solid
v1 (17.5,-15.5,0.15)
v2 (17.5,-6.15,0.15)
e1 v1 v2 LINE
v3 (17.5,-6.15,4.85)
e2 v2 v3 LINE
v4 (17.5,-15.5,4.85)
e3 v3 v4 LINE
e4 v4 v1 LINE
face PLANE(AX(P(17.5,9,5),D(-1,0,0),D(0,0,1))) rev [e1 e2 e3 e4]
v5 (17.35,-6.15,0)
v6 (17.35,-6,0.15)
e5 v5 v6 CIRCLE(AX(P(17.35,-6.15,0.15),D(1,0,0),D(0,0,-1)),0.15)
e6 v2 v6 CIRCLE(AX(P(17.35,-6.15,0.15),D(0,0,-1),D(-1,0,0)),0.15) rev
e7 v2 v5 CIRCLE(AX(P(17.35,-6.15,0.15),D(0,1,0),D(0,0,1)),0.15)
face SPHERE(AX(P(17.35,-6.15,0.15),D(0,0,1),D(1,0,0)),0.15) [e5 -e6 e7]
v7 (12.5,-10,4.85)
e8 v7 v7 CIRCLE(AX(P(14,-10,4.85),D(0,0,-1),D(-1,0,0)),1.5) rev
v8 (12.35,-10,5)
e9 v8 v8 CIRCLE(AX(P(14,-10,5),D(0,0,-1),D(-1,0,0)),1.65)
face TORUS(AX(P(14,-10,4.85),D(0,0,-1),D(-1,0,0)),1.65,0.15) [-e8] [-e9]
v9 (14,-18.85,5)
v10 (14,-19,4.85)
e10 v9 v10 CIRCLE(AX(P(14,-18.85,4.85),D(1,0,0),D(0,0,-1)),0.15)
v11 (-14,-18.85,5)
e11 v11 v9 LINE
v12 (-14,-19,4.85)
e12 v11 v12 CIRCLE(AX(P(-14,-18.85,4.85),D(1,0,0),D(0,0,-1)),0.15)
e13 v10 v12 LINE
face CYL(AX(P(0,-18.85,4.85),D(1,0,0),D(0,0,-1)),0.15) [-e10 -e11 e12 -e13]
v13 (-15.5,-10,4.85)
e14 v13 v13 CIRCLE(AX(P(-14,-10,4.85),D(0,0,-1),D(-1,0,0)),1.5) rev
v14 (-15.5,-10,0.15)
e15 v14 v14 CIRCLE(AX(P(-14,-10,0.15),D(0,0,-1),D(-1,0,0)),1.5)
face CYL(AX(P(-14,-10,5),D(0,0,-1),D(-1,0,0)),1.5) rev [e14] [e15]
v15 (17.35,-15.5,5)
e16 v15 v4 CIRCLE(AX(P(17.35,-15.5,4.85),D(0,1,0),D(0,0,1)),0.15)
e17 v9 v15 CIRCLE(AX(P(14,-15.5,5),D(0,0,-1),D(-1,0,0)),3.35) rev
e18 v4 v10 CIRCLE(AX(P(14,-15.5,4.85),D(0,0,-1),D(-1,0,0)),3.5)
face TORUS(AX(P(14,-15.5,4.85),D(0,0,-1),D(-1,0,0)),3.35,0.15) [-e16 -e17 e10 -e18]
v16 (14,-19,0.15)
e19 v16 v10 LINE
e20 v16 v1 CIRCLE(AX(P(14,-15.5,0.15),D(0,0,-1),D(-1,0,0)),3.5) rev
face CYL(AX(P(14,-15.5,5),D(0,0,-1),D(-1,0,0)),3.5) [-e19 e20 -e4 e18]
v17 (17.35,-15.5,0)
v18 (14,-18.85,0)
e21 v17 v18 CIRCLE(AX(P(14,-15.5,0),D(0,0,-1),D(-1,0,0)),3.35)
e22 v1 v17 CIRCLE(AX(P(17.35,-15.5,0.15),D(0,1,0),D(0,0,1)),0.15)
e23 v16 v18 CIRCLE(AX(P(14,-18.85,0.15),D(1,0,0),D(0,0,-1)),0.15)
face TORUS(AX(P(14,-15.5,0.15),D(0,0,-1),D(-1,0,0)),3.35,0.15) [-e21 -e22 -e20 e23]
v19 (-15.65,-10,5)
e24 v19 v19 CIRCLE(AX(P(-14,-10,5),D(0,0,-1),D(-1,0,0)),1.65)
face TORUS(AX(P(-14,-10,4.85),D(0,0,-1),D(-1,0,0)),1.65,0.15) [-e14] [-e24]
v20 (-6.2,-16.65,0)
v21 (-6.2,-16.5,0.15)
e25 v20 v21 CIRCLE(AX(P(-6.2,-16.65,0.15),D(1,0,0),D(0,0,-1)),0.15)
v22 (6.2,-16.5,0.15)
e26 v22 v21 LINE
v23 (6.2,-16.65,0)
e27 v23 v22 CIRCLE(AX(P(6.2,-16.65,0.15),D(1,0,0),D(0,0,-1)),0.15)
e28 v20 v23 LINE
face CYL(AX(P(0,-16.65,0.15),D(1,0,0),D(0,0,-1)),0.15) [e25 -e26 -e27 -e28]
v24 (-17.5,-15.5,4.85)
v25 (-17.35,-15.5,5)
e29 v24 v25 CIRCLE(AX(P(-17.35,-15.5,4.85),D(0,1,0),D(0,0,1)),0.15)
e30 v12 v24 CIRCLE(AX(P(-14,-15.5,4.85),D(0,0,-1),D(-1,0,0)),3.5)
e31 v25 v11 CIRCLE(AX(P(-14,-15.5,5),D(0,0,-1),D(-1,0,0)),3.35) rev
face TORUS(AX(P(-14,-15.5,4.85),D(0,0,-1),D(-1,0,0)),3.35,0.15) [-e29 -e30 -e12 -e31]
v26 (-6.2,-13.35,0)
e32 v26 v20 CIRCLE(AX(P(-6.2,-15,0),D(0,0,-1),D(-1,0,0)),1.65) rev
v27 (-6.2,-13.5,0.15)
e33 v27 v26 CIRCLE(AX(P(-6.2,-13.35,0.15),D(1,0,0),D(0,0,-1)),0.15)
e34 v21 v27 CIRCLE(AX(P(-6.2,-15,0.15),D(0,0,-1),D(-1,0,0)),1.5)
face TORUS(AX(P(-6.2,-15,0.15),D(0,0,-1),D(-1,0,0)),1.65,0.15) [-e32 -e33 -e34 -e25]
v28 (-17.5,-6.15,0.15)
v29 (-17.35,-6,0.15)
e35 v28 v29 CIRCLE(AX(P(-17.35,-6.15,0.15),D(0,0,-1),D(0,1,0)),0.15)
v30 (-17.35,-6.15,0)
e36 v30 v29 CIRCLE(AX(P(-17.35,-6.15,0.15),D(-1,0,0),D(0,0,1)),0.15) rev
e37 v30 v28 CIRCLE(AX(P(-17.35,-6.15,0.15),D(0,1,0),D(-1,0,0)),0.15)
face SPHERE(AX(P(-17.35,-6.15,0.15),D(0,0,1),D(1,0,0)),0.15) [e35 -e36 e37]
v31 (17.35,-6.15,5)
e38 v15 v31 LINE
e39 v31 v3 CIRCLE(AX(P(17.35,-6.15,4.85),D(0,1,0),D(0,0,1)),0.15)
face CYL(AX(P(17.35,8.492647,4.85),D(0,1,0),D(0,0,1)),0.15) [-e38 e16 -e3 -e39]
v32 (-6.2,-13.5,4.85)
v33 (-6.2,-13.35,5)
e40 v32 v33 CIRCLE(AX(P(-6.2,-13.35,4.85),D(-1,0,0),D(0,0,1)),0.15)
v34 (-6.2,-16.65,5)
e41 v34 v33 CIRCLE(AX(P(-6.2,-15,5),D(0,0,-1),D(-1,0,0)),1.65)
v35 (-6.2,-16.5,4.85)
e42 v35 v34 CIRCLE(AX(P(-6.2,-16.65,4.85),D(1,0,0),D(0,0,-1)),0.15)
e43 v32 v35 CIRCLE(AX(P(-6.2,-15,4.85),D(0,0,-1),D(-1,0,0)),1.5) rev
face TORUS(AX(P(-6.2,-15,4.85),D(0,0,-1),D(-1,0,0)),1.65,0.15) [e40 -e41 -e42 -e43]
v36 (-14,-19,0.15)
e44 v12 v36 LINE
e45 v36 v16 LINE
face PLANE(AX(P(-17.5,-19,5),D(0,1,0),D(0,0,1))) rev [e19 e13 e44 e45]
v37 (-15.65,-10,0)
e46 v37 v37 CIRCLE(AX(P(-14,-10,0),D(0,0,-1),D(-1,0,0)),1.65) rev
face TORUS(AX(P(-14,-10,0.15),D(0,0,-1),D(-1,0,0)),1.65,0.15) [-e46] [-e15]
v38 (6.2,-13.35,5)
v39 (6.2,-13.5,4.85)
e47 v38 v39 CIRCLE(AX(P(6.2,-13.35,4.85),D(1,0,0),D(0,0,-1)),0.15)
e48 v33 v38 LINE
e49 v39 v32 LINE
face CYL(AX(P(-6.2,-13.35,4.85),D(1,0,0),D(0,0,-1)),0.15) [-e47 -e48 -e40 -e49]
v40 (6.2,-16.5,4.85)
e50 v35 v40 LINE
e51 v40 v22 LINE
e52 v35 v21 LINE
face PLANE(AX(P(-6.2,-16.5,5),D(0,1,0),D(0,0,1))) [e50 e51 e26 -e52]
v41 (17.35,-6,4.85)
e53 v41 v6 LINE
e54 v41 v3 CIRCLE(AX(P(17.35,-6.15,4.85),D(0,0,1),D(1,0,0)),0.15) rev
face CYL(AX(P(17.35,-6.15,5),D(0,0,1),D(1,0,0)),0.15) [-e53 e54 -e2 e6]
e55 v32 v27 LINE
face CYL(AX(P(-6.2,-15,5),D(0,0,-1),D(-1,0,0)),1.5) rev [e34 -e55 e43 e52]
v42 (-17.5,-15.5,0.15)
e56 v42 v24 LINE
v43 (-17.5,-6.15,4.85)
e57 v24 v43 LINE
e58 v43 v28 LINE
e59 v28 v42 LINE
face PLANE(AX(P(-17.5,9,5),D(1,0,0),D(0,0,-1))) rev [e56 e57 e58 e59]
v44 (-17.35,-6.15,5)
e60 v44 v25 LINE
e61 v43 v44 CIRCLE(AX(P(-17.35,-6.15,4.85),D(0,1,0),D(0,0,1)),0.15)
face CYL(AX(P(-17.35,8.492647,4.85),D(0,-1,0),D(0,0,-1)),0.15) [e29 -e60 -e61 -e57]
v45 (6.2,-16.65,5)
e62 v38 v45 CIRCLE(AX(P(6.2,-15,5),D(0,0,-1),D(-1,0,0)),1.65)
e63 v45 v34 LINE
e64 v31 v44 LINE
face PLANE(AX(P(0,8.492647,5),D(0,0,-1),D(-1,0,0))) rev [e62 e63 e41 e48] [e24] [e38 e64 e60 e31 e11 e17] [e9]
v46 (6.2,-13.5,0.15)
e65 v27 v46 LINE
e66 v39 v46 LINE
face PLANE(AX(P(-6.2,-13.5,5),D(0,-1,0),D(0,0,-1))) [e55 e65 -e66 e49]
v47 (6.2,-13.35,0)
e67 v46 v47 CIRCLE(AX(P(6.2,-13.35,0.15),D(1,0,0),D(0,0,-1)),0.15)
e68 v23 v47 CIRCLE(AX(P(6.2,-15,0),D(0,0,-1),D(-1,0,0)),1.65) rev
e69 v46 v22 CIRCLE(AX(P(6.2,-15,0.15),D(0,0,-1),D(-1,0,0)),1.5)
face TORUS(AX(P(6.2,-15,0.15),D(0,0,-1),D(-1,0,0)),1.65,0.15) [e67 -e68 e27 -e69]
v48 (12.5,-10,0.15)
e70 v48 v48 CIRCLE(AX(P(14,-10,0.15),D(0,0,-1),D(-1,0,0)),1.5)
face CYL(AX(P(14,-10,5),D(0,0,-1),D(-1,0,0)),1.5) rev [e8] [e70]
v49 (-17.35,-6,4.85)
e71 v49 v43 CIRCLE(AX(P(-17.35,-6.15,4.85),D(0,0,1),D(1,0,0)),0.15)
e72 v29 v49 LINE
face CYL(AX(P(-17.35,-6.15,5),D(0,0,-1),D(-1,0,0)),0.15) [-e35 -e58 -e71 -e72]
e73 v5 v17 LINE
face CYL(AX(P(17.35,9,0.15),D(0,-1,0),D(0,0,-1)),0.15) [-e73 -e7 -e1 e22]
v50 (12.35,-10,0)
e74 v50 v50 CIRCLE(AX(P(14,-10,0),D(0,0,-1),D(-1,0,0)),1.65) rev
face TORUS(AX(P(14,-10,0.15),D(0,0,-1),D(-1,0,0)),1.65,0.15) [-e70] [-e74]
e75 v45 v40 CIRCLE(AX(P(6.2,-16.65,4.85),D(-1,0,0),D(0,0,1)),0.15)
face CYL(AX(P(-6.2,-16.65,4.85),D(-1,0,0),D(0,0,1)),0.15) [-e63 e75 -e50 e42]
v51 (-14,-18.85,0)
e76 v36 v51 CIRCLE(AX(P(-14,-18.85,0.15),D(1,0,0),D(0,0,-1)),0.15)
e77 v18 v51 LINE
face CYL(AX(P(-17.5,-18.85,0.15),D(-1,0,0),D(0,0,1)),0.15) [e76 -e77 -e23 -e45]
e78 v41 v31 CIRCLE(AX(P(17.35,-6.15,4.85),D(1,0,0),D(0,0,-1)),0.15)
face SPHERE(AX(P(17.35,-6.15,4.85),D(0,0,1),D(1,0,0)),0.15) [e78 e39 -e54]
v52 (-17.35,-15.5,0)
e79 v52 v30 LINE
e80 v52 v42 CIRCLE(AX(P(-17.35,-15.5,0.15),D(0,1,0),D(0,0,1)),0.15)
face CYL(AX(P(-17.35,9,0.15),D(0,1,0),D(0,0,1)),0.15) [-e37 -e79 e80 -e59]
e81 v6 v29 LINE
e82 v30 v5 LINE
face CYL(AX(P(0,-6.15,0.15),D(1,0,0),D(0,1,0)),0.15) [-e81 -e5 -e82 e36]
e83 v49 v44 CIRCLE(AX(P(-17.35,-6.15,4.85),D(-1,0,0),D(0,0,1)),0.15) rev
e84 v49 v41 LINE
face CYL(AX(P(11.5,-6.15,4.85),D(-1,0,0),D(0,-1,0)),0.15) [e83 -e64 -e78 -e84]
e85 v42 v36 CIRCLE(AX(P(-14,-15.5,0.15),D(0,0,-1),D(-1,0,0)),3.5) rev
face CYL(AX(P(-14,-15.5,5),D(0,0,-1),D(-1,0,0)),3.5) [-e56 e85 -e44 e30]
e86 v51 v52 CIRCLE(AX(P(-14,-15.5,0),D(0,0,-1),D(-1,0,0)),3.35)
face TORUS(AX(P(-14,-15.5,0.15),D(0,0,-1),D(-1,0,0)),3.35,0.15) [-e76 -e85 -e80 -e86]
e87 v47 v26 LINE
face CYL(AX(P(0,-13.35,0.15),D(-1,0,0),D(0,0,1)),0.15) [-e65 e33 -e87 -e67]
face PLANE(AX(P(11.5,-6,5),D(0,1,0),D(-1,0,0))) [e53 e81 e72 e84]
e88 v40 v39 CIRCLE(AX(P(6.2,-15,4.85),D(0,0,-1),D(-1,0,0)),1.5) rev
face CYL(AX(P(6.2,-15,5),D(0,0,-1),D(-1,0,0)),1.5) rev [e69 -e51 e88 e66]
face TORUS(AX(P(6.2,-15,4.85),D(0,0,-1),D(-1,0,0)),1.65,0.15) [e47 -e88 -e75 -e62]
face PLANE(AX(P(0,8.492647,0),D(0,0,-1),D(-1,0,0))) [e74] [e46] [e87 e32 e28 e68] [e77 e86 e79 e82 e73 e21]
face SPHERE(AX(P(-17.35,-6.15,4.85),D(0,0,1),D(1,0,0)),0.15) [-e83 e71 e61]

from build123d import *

# Parameters (mm, degrees)
SKETCH1_R               = 1
SKETCH1_R_2             = 1.5
SKETCH1_R_3             = 2
SKETCH1_W               = 23
SKETCH1_H               = 12
BOSS_EXTRUDE1_DEPTH     = 5
FILLET1_R               = 3.5
CUT_EXTRUDE1_DEPTH      = 32.737202145
CUT_EXTRUDE1_DEPTH_BACK = 32.737202145
FILLET3_R               = 0.15


with BuildPart() as part:
    # Sketch1 → Boss-Extrude1 (new body)
    with BuildSketch(Plane.XY):
        with BuildLine():
            Line((-17.5, 9), (-17.5, -19))
            Line((-17.5, -19), (17.5, -19))
            Line((17.5, -19), (17.5, 9))
            ThreePointArc((17.5, 9), (0, 26), (-17.5, 9))
        make_face()
        with Locations((-14, 0)):
            Circle(SKETCH1_R, mode=Mode.SUBTRACT)
        with Locations((-14, -10)):
            Circle(SKETCH1_R_2, mode=Mode.SUBTRACT)
        with Locations((-8.5, 16)):
            Circle(SKETCH1_R_3, mode=Mode.SUBTRACT)
        with Locations(Location((14, -10, 0), (0, 0, 180))):
            Circle(SKETCH1_R_2, mode=Mode.SUBTRACT)
        with Locations(Location((14, 0, 0), (0, 0, 180))):
            Circle(SKETCH1_R, mode=Mode.SUBTRACT)
        with Locations(Location((8.5, 16, 0), (0, 0, 180))):
            Circle(SKETCH1_R_3, mode=Mode.SUBTRACT)
        Rectangle(SKETCH1_W, SKETCH1_H, mode=Mode.SUBTRACT)
        with BuildLine():
            Line((-6.2, -13.5), (6.2, -13.5))
            ThreePointArc((6.2, -13.5), (7.7, -15), (6.2, -16.5))
            Line((6.2, -16.5), (-6.2, -16.5))
            ThreePointArc((-6.2, -16.5), (-7.7, -15), (-6.2, -13.5))
        make_face(mode=Mode.SUBTRACT)
    extrude(amount=BOSS_EXTRUDE1_DEPTH)

    # Fillet1
    fillet1_edges = [part.edges().sort_by_distance(p)[0] for p in [
        (17.5, -19, 2.5),
        (-17.5, -19, 2.5),
    ]]
    fillet(fillet1_edges, radius=FILLET1_R)

    # Sketch2 → Cut-Extrude1 (cut, two sides: drawn at the far end of the back side and taken through both)
    with BuildSketch(Plane.XY.offset(5).offset(-CUT_EXTRUDE1_DEPTH_BACK)):
        Polygon((-142.935501538, -6), (-22.5, -6), (27.5, -6), (147.935501538, -6), (147.935501538, 234.871003076), (-142.935501538, 234.871003076), align=None)
    extrude(amount=CUT_EXTRUDE1_DEPTH + CUT_EXTRUDE1_DEPTH_BACK, mode=Mode.SUBTRACT)

    # Fillet3
    fillet3_edges = [part.edges().sort_by_distance(p)[0] for p in [
        (0, -6, 0),
        (0, -6, 5),
        (-15.5, -10, 0),
        (-15.5, -10, 5),
        (-7.7, -15, 0),
        (0, -16.5, 0),
        (7.7, -15, 0),
        (0, -13.5, 0),
        (-7.7, -15, 5),
        (0, -16.5, 5),
        (7.7, -15, 5),
        (0, -13.5, 5),
        (15.5, -10, 0),
        (15.5, -10, 5),
        (17.5, -10.75, 0),
        (17.5, -10.75, 5),
        (0, -19, 0),
        (-16.474873734, -17.974873734, 0),
        (16.474873734, -17.974873734, 0),
        (0, -19, 5),
        (-16.474873734, -17.974873734, 5),
        (16.474873734, -17.974873734, 5),
        (-17.5, -10.75, 0),
        (-17.5, -10.75, 5),
        (-17.5, -6, 2.5),
        (17.5, -6, 2.5),
    ]]
    fillet(fillet3_edges, radius=FILLET3_R)


solid = part.part
